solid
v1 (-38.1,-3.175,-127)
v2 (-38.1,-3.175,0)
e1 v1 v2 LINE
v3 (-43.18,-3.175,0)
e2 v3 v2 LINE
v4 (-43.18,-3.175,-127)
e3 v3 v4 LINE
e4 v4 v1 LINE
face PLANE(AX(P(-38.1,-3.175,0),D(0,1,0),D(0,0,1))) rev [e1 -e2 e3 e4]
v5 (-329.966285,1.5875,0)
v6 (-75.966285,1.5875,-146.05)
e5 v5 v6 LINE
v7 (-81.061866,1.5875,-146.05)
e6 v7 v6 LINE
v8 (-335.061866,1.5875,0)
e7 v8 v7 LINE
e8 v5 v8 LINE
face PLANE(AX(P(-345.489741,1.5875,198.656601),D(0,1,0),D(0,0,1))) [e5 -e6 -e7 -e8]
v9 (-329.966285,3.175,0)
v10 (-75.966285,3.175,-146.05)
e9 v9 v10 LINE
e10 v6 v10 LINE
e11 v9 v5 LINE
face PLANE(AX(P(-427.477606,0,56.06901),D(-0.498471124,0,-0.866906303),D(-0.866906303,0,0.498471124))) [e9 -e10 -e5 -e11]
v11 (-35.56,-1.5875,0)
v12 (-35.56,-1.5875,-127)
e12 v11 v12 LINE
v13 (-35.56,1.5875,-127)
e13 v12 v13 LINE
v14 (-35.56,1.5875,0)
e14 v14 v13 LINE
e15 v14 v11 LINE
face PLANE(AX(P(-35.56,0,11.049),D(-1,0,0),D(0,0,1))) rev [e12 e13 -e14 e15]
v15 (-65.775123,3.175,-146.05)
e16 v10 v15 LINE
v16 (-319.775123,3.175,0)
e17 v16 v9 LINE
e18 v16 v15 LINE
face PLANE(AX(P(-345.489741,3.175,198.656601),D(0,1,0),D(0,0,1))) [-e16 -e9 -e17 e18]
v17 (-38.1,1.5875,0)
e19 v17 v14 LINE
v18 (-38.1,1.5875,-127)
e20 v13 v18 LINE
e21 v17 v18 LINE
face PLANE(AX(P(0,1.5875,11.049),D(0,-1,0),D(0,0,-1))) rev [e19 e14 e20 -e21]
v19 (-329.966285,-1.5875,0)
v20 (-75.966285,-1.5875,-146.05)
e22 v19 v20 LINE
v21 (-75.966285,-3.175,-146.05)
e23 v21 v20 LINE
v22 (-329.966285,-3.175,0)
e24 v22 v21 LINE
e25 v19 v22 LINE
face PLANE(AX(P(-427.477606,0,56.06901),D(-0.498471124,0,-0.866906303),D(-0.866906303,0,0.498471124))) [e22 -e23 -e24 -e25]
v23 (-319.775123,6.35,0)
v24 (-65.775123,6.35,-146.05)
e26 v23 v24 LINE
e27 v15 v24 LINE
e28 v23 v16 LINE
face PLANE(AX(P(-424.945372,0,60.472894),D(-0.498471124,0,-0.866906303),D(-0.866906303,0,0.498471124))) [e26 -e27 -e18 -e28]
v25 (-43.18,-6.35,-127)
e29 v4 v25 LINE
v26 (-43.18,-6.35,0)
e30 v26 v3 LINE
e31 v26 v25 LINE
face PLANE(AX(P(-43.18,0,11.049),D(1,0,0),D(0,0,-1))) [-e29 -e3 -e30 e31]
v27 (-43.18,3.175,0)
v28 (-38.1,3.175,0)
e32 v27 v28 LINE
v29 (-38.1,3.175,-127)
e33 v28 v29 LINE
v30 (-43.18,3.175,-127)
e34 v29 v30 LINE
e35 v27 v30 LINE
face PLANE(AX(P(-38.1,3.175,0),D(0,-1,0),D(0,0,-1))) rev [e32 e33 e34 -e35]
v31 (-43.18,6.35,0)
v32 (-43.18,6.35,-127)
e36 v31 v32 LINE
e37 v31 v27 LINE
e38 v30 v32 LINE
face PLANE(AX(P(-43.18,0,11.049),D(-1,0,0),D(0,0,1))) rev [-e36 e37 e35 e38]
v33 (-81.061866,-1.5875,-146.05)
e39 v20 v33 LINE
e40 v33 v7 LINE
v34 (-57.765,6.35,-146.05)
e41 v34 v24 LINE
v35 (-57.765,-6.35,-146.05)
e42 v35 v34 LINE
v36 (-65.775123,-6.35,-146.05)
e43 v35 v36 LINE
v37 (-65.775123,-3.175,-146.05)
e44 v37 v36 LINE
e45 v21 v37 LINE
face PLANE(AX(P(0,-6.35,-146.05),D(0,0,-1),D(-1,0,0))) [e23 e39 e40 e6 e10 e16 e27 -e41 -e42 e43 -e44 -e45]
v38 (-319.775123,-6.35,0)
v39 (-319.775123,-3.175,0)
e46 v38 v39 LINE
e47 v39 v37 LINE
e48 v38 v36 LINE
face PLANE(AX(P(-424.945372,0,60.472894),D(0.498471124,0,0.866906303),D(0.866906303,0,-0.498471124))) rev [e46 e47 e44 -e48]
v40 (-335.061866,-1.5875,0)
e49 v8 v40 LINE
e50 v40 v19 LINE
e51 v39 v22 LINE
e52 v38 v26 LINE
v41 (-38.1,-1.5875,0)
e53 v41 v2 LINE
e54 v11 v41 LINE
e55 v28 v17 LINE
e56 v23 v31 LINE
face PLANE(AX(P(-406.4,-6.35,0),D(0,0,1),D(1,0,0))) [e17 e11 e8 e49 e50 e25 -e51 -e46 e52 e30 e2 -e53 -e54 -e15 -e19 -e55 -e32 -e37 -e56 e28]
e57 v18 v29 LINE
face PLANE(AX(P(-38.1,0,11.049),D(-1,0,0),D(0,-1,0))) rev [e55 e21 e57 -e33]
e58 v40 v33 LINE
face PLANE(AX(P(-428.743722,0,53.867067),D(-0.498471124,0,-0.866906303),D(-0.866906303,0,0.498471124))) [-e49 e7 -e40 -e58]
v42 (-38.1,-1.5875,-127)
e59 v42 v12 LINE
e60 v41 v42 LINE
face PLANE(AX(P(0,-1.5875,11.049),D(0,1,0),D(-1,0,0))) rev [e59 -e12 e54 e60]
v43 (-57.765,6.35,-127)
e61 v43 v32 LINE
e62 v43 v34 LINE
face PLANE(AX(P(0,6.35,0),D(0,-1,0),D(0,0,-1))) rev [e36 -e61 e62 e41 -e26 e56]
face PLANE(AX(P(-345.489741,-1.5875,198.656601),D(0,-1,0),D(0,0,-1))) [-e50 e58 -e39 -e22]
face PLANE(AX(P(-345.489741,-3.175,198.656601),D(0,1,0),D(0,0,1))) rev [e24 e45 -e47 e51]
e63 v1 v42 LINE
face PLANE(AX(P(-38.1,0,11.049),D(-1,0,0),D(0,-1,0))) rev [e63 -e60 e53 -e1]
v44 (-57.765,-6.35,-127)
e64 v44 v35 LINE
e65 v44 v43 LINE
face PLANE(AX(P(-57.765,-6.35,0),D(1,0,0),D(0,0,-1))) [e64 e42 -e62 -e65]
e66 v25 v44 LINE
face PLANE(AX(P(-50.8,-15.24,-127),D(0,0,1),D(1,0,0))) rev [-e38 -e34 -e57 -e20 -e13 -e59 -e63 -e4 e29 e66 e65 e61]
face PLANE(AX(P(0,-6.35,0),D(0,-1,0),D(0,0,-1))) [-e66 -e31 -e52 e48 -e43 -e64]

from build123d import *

# Parameters (mm, degrees)
BOSS_EXTRUDE1_DEPTH      = 6.35
BOSS_EXTRUDE1_DEPTH_BACK = 6.35
SKETCH2_W                = 292.995908675
SKETCH2_H                = 3.175
CUT_EXTRUDE1_DEPTH       = 38.1
SKETCH3_W                = 146.05
SKETCH3_H                = 3.175
CUT_EXTRUDE2_DEPTH       = 38.1
CUT_EXTRUDE3_DEPTH       = 3.175
CUT_EXTRUDE4_DEPTH       = 3.175
SKETCH6_W                = 5.08
SKETCH6_H                = 3.175
CUT_EXTRUDE5_DEPTH       = 157.099
CUT_EXTRUDE6_DEPTH       = 339.217
CUT_EXTRUDE6_DEPTH_BACK  = 157.099
SKETCH9_W                = 50.8
SKETCH9_H                = 19.05
CUT_EXTRUDE7_DEPTH       = 21.59
SKETCH11_W               = 6.965000048
SKETCH11_H               = 19.05
CUT_EXTRUDE10_DEPTH      = 366.729881683


with BuildPart() as part:
    # Sketch1 → Boss-Extrude1 (new, two sides: drawn at the far end of the back side and taken through both)
    with BuildSketch(Plane(origin=(0, 0, 0), x_dir=(1, 0, 0), z_dir=(0, 1, 0)).offset(-BOSS_EXTRUDE1_DEPTH_BACK)):
        Polygon((-406.4, 0), (0, 0), (0, 146.05), (-152.4, 146.05), align=None)
    extrude(amount=BOSS_EXTRUDE1_DEPTH + BOSS_EXTRUDE1_DEPTH_BACK)

    # Sketch2 → Cut-Extrude1 (cut)
    with BuildSketch(Plane(origin=(-100.979614843, 0, -175.616721465), x_dir=(-0.8669063030575352, 0, 0.49847112425808277), z_dir=(-0.4984711242580827, 0, -0.8669063030575351))):
        with Locations((205.812767226, 4.7625)):
            Rectangle(SKETCH2_W, SKETCH2_H)
        with Locations((205.812767226, -4.7625)):
            Rectangle(SKETCH2_W, SKETCH2_H)
    extrude(amount=-CUT_EXTRUDE1_DEPTH, mode=Mode.SUBTRACT)

    # Sketch3 → Cut-Extrude2 (cut)
    with BuildSketch(Plane(origin=(0, 0, 0), x_dir=(0, 0, -1), z_dir=(1, 0, 0))):
        with Locations((73.025, 4.7625)):
            Rectangle(SKETCH3_W, SKETCH3_H)
        with Locations((73.025, -4.7625)):
            Rectangle(SKETCH3_W, SKETCH3_H)
    extrude(amount=-CUT_EXTRUDE2_DEPTH, mode=Mode.SUBTRACT)

    # Sketch4 → Cut-Extrude3 (cut)
    with BuildSketch(Plane(origin=(0, 6.35, 0), x_dir=(1, 0, 0), z_dir=(0, 1, 0))):
        Polygon((-133.408250166, 113.020869854), (-75.966284694, 146.05), (-152.4, 146.05), align=None)
    extrude(amount=-CUT_EXTRUDE3_DEPTH, mode=Mode.SUBTRACT)

    # Sketch5 → Cut-Extrude4 (cut)
    with BuildSketch(Plane.XZ.offset(6.35)):
        Polygon((-133.408250166, -113.020869854), (-75.966284694, -146.05), (-152.4, -146.05), align=None)
    extrude(amount=-CUT_EXTRUDE4_DEPTH, mode=Mode.SUBTRACT)

    # Sketch6 → Cut-Extrude5 (cut)
    with BuildSketch(Plane(origin=(0, 0, -146.05), x_dir=(-1, 0, 0), z_dir=(0, 0, -1))):
        Polygon((0, -3.175), (38.1, -3.175), (38.1, -1.5875), (35.56, -1.5875), (35.56, 1.5875), (38.1, 1.5875), (38.1, 3.175), (0, 3.175), align=None)
        with Locations((40.64, -4.7625)):
            Rectangle(SKETCH6_W, SKETCH6_H)
        with Locations((40.64, 4.7625)):
            Rectangle(SKETCH6_W, SKETCH6_H)
    extrude(amount=-CUT_EXTRUDE5_DEPTH, mode=Mode.SUBTRACT)

    # Sketch8 → Cut-Extrude6 (cut, two sides: drawn at the far end of the back side and taken through both)
    with BuildSketch(Plane(origin=(-51.420385157, 0, 29.566721465), x_dir=(0.49847112425808243, 0, 0.8669063030575355), z_dir=(-0.8669063030575355, 0, 0.49847112425808243)).offset(-CUT_EXTRUDE6_DEPTH_BACK)):
        Polygon((-164.478664898, 1.5875), (-164.478664898, 3.175), (-159.398664898, 3.175), (-159.398664898, 6.35), (-164.478664898, 6.35), (-202.578664898, 6.35), (-202.578664898, -6.35), (-164.478664898, -6.35), (-159.398664898, -6.35), (-159.398664898, -3.175), (-164.478664898, -3.175), (-164.478664898, -1.5875), (-167.018664898, -1.5875), (-167.018664898, 1.5875), align=None)
    extrude(amount=CUT_EXTRUDE6_DEPTH + CUT_EXTRUDE6_DEPTH_BACK, mode=Mode.SUBTRACT)

    # Sketch9 → Cut-Extrude7 (cut)
    with BuildSketch(Plane(origin=(0, 6.35, 0), x_dir=(1, 0, 0), z_dir=(0, 1, 0))):
        with Locations((-25.4, 136.525)):
            Rectangle(SKETCH9_W, SKETCH9_H)
    extrude(amount=-CUT_EXTRUDE7_DEPTH, mode=Mode.SUBTRACT)

    # Sketch11 → Cut-Extrude10 (cut, through all)
    with BuildSketch(Plane(origin=(0, 6.35, 0), x_dir=(1, 0, 0), z_dir=(0, 1, 0))):
        with Locations((-54.282500024, 136.525)):
            Rectangle(SKETCH11_W, SKETCH11_H)
    extrude(amount=-CUT_EXTRUDE10_DEPTH, mode=Mode.SUBTRACT)


solid = part.part
